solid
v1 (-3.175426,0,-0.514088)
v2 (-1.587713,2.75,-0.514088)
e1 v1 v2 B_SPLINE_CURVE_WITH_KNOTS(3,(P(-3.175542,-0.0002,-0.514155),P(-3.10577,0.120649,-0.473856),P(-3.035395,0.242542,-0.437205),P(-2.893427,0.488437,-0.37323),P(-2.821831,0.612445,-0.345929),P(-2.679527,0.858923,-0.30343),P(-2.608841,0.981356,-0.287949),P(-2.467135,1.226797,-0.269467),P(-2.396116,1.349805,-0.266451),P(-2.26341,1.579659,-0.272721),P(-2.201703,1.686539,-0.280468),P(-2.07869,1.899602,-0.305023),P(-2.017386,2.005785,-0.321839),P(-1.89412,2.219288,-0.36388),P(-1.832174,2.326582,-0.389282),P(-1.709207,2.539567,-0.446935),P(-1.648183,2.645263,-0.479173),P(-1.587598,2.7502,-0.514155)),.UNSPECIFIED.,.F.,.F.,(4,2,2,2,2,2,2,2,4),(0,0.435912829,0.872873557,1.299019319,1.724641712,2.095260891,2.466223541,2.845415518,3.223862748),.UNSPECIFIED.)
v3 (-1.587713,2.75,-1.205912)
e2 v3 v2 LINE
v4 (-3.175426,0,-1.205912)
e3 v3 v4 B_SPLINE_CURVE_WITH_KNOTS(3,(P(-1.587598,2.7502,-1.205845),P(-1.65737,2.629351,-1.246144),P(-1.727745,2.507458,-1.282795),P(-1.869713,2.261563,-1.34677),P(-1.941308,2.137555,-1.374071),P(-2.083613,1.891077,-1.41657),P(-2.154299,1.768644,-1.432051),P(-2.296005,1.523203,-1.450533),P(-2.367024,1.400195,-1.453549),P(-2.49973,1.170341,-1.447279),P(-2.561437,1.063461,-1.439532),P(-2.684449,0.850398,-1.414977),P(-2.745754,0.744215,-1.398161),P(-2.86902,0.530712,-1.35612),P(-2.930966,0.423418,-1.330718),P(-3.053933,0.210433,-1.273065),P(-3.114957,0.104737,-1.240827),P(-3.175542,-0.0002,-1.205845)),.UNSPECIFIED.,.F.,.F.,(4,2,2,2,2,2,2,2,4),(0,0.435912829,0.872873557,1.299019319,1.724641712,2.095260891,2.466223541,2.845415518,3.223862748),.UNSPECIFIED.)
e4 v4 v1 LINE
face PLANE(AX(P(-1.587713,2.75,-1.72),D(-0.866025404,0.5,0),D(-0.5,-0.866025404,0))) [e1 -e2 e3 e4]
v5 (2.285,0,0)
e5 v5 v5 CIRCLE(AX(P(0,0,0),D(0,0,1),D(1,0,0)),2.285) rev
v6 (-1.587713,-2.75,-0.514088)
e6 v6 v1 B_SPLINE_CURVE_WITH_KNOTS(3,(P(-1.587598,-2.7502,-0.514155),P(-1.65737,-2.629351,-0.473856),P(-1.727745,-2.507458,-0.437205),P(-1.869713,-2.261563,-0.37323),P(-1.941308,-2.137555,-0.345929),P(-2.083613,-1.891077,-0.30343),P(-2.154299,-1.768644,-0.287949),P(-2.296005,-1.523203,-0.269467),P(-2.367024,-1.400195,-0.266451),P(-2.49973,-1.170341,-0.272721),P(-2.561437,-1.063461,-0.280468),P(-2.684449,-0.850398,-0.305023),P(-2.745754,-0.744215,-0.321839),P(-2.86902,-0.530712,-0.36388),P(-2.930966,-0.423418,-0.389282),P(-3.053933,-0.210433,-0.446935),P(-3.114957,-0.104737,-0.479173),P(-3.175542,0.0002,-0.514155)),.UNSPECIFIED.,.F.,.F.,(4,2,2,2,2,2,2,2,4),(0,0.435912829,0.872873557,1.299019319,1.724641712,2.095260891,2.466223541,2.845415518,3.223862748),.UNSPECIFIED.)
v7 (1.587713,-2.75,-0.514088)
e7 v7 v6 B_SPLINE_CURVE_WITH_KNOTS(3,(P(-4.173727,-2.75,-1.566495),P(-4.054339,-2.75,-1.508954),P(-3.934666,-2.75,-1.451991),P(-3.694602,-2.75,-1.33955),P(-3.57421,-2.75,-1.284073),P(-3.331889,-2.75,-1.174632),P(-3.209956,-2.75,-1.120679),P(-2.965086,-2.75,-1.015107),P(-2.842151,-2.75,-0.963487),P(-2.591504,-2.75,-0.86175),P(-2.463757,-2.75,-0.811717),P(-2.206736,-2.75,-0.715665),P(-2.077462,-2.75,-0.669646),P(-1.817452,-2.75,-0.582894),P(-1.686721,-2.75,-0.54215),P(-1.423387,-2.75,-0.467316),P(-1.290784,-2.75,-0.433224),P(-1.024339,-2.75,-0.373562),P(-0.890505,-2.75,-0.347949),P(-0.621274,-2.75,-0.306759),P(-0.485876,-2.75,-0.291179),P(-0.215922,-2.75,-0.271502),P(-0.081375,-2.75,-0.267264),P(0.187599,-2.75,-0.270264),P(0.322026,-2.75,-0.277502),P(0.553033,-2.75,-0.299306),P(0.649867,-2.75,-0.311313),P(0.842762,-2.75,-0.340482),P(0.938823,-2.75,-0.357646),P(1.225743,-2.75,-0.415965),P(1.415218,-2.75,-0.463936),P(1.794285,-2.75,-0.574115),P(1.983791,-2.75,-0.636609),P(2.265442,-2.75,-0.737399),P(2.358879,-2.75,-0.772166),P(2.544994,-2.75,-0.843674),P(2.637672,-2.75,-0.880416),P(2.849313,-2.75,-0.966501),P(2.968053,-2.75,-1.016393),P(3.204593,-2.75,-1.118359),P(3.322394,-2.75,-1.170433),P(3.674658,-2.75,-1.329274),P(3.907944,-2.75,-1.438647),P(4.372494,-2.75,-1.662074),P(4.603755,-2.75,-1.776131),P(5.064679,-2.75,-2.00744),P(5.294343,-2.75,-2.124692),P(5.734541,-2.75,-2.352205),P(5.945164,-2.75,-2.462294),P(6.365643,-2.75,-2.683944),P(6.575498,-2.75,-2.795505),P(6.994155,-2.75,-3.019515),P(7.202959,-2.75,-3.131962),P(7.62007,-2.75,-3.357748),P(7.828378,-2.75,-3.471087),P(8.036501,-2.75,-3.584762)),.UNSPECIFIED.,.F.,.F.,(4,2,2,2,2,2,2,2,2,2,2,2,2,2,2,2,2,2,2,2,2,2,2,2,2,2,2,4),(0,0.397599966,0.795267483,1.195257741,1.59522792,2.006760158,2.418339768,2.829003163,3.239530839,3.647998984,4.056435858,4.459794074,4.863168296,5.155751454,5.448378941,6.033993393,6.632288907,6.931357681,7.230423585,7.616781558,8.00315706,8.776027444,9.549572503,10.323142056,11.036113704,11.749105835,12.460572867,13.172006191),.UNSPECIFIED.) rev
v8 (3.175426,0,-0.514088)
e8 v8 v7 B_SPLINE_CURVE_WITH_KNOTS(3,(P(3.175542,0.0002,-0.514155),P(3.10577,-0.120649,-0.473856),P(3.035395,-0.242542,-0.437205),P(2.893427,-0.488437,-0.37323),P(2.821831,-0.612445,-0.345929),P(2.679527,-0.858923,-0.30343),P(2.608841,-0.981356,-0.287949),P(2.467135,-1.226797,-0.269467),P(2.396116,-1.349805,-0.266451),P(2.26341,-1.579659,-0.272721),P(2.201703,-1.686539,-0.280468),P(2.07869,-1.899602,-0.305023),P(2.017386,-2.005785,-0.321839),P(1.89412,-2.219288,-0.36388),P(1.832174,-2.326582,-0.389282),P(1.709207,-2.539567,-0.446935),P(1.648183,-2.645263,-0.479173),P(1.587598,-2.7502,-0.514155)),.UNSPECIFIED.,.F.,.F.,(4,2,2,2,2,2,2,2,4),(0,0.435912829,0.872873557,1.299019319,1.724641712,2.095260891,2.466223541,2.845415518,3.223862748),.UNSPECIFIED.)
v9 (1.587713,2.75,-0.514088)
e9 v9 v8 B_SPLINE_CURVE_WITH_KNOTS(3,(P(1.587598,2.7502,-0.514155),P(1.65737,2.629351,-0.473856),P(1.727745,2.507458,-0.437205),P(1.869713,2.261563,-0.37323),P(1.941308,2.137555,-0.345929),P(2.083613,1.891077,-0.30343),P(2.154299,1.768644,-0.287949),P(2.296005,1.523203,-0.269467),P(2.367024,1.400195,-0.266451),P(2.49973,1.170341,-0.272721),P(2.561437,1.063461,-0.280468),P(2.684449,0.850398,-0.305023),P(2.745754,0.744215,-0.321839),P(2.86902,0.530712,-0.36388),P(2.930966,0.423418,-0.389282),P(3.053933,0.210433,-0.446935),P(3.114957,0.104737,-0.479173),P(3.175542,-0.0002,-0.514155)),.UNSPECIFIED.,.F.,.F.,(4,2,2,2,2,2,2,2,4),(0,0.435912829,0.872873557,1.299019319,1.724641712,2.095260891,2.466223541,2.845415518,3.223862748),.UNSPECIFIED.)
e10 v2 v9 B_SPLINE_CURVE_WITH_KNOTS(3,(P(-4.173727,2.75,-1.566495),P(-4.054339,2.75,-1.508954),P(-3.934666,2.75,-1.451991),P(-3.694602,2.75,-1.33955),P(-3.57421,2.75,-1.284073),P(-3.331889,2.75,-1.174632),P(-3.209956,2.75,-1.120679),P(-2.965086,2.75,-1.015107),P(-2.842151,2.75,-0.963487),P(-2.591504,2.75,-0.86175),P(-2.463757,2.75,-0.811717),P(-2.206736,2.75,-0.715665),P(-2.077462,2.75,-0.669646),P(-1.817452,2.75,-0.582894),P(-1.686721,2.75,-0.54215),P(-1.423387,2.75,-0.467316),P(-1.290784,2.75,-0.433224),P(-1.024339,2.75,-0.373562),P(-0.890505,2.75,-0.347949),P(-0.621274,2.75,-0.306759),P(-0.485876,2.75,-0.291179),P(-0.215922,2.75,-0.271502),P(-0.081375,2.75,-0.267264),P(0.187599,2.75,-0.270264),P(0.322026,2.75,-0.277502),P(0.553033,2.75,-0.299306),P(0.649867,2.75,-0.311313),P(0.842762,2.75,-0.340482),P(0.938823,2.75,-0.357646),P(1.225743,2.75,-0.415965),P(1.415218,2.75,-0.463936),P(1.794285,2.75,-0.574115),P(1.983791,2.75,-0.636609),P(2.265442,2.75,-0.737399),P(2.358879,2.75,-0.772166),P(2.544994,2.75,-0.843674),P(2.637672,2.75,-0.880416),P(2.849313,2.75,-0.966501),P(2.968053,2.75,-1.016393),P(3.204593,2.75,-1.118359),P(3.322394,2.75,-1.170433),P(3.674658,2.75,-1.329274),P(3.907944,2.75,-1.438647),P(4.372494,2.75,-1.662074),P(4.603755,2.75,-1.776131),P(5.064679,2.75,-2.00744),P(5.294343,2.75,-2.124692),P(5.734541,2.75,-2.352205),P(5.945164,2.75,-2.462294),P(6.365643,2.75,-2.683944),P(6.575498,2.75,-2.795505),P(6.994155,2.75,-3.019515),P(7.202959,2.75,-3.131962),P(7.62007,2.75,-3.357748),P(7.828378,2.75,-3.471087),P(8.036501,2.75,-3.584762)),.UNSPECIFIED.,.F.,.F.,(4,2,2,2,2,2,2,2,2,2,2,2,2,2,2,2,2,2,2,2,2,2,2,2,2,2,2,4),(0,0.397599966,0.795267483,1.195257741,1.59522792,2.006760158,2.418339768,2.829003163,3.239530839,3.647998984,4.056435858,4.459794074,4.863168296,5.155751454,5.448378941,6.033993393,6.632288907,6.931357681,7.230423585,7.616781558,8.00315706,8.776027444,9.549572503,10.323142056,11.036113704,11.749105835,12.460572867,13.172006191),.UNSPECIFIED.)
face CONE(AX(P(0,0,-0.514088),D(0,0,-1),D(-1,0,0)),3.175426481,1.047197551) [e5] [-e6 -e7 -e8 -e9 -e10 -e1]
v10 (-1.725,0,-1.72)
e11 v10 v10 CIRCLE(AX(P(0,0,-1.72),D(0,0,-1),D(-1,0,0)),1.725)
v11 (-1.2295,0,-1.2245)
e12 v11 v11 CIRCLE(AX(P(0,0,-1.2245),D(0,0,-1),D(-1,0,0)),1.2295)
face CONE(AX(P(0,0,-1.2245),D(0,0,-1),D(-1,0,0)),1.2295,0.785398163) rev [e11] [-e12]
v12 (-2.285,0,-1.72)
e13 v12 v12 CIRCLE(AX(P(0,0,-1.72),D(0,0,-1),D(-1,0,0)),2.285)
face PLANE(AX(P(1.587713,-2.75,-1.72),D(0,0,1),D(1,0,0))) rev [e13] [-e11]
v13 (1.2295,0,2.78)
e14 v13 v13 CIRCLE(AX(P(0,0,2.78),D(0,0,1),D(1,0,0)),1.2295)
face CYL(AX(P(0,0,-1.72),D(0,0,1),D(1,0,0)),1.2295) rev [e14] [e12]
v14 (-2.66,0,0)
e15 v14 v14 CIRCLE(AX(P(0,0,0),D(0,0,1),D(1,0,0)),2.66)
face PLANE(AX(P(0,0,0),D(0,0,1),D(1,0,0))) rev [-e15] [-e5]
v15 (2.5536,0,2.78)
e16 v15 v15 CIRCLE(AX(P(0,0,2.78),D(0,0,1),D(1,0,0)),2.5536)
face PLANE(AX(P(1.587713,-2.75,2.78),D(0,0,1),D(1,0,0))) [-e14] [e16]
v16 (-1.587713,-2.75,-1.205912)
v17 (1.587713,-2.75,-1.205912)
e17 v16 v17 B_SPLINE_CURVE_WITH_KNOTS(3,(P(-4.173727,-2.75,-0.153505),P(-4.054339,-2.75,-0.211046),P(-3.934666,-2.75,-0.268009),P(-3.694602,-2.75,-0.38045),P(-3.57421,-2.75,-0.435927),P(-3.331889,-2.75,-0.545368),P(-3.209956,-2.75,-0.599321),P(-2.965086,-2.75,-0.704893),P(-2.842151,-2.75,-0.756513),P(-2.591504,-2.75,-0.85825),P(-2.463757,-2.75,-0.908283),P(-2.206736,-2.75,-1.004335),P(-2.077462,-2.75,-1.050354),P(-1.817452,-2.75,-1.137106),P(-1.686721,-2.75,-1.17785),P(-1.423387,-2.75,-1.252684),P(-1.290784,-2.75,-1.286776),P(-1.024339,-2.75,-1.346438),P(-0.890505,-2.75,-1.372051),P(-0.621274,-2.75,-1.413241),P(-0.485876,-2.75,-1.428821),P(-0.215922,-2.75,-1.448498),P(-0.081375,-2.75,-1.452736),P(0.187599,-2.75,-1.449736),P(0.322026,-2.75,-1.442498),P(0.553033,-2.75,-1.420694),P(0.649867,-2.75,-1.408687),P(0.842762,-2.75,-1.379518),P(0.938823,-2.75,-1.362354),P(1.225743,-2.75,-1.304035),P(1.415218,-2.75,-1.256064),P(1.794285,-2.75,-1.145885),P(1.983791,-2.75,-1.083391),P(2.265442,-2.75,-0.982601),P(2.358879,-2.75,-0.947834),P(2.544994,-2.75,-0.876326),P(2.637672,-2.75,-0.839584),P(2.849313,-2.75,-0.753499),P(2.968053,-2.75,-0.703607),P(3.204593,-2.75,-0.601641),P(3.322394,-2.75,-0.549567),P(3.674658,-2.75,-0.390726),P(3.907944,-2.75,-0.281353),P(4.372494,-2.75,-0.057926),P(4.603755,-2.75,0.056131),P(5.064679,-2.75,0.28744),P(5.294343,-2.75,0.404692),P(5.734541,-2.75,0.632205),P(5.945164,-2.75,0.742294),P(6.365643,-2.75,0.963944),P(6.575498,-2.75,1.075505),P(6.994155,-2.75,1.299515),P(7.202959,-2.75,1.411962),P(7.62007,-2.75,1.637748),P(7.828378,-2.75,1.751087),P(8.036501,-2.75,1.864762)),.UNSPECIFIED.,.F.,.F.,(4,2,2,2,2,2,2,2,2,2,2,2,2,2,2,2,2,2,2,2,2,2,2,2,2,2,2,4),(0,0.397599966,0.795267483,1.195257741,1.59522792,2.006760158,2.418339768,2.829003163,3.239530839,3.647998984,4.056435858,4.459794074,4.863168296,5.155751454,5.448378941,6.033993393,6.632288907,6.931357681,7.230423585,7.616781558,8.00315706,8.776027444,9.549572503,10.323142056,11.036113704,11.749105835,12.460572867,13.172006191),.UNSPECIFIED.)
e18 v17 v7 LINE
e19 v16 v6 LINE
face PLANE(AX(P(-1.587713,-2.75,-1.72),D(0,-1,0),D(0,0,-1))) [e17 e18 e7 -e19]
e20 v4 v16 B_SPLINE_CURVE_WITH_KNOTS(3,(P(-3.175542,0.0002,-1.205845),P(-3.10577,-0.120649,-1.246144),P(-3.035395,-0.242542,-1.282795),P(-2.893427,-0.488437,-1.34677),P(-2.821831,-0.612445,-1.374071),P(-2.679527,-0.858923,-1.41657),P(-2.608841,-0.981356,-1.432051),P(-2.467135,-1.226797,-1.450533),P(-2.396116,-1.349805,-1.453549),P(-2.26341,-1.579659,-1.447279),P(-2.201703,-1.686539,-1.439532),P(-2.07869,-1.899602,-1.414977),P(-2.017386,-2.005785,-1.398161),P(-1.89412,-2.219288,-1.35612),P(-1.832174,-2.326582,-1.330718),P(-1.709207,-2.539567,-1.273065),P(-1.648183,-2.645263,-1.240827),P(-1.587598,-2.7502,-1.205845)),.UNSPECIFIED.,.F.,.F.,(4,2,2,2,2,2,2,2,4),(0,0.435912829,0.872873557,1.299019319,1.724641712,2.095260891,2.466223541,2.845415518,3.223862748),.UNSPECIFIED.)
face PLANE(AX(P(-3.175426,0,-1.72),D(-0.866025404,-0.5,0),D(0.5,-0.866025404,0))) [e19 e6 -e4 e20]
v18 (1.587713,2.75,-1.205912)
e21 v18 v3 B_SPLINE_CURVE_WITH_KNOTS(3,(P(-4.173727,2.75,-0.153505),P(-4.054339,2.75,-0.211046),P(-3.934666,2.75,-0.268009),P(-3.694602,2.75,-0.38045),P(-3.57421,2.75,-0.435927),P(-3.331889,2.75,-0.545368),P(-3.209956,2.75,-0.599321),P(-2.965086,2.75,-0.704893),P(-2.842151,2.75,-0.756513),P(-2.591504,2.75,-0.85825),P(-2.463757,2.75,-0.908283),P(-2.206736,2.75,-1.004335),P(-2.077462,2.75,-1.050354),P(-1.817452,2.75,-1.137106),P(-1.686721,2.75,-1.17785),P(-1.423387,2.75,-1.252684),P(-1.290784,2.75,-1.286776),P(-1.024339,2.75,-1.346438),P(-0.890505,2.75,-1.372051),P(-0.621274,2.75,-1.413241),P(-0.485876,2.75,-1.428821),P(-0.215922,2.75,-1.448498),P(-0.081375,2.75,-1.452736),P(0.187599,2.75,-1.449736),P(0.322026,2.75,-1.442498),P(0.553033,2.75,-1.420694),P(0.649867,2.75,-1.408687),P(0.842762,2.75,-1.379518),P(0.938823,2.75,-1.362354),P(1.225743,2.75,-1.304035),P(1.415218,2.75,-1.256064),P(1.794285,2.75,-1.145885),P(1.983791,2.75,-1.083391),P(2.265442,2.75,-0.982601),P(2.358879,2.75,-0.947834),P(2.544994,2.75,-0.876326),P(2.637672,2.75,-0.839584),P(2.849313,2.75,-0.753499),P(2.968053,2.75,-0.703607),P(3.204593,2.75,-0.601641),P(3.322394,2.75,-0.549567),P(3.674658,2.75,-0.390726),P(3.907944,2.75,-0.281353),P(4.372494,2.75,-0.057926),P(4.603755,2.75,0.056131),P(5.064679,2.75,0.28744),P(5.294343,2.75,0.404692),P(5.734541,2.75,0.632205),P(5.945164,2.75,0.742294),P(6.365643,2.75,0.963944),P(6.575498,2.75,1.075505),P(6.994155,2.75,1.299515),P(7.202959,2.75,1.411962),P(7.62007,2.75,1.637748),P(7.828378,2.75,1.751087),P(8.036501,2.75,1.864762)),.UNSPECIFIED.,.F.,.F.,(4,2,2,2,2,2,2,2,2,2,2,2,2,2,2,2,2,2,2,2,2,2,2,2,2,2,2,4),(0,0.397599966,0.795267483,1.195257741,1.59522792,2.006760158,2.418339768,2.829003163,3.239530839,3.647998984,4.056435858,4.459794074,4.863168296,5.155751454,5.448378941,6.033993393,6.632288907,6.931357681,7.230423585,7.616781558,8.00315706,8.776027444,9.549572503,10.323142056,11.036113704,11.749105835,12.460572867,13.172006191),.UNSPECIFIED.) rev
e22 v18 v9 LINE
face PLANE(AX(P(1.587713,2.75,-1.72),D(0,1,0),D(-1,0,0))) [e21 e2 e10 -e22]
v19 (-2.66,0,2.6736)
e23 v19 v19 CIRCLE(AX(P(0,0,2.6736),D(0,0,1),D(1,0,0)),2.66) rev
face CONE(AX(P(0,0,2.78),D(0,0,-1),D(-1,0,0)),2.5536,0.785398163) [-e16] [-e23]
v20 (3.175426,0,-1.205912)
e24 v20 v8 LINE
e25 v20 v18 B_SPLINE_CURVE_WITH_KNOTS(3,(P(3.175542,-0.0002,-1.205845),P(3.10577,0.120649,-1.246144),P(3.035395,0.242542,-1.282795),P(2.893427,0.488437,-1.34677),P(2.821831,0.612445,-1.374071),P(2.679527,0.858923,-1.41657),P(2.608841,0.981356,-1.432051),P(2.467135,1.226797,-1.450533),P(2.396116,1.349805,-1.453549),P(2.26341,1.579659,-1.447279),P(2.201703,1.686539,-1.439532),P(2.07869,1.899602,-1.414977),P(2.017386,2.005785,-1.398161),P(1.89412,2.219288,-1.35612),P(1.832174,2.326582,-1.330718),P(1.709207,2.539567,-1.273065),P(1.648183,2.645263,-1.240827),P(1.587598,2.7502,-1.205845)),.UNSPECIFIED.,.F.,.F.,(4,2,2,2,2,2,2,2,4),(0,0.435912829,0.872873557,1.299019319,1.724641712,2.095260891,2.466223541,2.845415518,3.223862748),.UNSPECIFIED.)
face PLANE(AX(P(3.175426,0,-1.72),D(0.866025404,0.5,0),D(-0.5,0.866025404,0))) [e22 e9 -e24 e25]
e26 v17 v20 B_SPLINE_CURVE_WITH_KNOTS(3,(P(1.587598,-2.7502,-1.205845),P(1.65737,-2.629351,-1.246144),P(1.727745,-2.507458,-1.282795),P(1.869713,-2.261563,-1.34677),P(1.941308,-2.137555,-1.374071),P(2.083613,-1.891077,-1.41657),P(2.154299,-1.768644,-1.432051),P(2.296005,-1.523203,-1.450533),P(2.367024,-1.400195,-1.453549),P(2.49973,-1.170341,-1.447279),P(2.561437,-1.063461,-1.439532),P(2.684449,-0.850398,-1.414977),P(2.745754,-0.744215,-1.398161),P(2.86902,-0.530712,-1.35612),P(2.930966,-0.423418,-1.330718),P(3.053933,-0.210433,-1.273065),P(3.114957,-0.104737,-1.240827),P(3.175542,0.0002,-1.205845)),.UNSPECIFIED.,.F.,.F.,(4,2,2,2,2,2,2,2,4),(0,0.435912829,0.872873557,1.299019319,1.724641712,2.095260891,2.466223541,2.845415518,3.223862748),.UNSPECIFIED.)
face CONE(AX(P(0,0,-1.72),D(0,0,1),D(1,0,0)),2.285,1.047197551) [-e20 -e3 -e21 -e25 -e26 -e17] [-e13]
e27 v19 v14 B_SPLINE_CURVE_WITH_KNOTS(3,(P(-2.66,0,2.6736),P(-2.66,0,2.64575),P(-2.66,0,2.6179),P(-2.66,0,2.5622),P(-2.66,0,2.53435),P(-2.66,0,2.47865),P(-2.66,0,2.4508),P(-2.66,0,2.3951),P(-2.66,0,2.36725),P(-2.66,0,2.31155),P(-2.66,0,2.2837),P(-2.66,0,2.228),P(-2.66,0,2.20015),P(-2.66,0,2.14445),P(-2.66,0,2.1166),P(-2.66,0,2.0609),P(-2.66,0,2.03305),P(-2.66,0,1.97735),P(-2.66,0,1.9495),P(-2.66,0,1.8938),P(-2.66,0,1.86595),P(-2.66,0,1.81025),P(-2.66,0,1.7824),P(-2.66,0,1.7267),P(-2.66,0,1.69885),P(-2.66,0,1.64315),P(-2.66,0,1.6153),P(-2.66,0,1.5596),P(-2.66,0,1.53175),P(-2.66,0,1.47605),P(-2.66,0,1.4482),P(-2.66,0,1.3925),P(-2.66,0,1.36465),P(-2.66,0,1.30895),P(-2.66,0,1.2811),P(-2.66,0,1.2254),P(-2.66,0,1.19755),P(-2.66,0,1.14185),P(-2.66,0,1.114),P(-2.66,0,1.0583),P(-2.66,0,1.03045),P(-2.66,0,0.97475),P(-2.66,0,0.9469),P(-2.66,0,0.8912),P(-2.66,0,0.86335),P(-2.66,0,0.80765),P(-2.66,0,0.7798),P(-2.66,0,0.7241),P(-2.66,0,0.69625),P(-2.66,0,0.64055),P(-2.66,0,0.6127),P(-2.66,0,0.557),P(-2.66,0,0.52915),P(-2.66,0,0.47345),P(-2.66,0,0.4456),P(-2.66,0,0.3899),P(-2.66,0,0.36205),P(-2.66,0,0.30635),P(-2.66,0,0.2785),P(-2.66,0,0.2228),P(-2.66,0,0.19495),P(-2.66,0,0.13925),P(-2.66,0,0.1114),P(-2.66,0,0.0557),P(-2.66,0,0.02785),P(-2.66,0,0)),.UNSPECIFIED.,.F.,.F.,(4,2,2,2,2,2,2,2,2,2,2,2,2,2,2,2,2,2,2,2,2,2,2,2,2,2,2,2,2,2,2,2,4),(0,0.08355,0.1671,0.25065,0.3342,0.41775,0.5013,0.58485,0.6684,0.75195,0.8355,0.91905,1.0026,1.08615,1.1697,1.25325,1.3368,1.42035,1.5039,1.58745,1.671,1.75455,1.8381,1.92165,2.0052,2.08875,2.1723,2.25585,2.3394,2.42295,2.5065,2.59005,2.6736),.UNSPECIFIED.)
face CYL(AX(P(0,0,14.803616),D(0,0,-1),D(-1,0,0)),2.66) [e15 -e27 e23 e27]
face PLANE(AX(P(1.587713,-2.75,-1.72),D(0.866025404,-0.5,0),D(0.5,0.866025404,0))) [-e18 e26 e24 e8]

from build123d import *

# Parameters (mm, degrees)
SKETCH1_R      = 1.2295
BASENUT_DEPTH  = 1.72
EXTRUDE1_START = 2.78
SKETCH2_R      = 2.66
SKETCH2_R_2    = 1.2295
EXTRUDE1_DEPTH = 2.78
CHAMFER1_SIZE  = 0.1064


with BuildPart() as part:
    # Sketch1 → BaseNut (new body)
    with BuildSketch(Plane.XY):
        Polygon((1.58771324, -2.75), (3.175426481, 0), (1.58771324, 2.75), (-1.58771324, 2.75), (-3.175426481, 0), (-1.58771324, -2.75), align=None)
        Circle(SKETCH1_R, mode=Mode.SUBTRACT)
    extrude(amount=-BASENUT_DEPTH)

    # Sketch3 → Double-Chamfer (revolve, cut)
    with BuildSketch(Plane(origin=(0, 0, 0), x_dir=(1, 0, 0), z_dir=(0, 1, 0))):
        Polygon((2.285, 1.72), (3.175426481, 1.72), (3.175426481, 1.205912032), align=None)
        Polygon((3.175426481, 0.514087968), (2.285, 0), (3.175426481, 0), align=None)
    revolve(axis=Axis((0, 0, -16.31077227), (0, 0, 1)), mode=Mode.SUBTRACT)

    # Sketch2 → Extrude1 (add)
    with BuildSketch(Plane(origin=(20.087129569, -4.281493882, 0), x_dir=(1, 0, 0), z_dir=(0, 0, 1)).offset(EXTRUDE1_START)):
        with Locations(Location((-20.087129569, 4.281493882, 0), (0, 0, 180))):
            Circle(SKETCH2_R)
        with Locations((-20.087129569, 4.281493882)):
            Circle(SKETCH2_R_2, mode=Mode.SUBTRACT)
    extrude(amount=-EXTRUDE1_DEPTH)

    # Sketch5 → EndChamfer (revolve, cut)
    with BuildSketch(Plane(origin=(0, 0, 0), x_dir=(1, 0, 0), z_dir=(0, 1, 0))):
        Polygon((1.2295, 1.72), (1.725, 1.72), (1.2295, 1.2245), align=None)
    revolve(axis=Axis((0, 0, -16.800797033), (0, 0, 1)), mode=Mode.SUBTRACT)

    # Chamfer1
    chamfer1_edges = [part.edges().sort_by_distance(p)[0] for p in [
        (2.66, 0, 2.78),
    ]]
    chamfer(chamfer1_edges, length=CHAMFER1_SIZE)


solid = part.part
